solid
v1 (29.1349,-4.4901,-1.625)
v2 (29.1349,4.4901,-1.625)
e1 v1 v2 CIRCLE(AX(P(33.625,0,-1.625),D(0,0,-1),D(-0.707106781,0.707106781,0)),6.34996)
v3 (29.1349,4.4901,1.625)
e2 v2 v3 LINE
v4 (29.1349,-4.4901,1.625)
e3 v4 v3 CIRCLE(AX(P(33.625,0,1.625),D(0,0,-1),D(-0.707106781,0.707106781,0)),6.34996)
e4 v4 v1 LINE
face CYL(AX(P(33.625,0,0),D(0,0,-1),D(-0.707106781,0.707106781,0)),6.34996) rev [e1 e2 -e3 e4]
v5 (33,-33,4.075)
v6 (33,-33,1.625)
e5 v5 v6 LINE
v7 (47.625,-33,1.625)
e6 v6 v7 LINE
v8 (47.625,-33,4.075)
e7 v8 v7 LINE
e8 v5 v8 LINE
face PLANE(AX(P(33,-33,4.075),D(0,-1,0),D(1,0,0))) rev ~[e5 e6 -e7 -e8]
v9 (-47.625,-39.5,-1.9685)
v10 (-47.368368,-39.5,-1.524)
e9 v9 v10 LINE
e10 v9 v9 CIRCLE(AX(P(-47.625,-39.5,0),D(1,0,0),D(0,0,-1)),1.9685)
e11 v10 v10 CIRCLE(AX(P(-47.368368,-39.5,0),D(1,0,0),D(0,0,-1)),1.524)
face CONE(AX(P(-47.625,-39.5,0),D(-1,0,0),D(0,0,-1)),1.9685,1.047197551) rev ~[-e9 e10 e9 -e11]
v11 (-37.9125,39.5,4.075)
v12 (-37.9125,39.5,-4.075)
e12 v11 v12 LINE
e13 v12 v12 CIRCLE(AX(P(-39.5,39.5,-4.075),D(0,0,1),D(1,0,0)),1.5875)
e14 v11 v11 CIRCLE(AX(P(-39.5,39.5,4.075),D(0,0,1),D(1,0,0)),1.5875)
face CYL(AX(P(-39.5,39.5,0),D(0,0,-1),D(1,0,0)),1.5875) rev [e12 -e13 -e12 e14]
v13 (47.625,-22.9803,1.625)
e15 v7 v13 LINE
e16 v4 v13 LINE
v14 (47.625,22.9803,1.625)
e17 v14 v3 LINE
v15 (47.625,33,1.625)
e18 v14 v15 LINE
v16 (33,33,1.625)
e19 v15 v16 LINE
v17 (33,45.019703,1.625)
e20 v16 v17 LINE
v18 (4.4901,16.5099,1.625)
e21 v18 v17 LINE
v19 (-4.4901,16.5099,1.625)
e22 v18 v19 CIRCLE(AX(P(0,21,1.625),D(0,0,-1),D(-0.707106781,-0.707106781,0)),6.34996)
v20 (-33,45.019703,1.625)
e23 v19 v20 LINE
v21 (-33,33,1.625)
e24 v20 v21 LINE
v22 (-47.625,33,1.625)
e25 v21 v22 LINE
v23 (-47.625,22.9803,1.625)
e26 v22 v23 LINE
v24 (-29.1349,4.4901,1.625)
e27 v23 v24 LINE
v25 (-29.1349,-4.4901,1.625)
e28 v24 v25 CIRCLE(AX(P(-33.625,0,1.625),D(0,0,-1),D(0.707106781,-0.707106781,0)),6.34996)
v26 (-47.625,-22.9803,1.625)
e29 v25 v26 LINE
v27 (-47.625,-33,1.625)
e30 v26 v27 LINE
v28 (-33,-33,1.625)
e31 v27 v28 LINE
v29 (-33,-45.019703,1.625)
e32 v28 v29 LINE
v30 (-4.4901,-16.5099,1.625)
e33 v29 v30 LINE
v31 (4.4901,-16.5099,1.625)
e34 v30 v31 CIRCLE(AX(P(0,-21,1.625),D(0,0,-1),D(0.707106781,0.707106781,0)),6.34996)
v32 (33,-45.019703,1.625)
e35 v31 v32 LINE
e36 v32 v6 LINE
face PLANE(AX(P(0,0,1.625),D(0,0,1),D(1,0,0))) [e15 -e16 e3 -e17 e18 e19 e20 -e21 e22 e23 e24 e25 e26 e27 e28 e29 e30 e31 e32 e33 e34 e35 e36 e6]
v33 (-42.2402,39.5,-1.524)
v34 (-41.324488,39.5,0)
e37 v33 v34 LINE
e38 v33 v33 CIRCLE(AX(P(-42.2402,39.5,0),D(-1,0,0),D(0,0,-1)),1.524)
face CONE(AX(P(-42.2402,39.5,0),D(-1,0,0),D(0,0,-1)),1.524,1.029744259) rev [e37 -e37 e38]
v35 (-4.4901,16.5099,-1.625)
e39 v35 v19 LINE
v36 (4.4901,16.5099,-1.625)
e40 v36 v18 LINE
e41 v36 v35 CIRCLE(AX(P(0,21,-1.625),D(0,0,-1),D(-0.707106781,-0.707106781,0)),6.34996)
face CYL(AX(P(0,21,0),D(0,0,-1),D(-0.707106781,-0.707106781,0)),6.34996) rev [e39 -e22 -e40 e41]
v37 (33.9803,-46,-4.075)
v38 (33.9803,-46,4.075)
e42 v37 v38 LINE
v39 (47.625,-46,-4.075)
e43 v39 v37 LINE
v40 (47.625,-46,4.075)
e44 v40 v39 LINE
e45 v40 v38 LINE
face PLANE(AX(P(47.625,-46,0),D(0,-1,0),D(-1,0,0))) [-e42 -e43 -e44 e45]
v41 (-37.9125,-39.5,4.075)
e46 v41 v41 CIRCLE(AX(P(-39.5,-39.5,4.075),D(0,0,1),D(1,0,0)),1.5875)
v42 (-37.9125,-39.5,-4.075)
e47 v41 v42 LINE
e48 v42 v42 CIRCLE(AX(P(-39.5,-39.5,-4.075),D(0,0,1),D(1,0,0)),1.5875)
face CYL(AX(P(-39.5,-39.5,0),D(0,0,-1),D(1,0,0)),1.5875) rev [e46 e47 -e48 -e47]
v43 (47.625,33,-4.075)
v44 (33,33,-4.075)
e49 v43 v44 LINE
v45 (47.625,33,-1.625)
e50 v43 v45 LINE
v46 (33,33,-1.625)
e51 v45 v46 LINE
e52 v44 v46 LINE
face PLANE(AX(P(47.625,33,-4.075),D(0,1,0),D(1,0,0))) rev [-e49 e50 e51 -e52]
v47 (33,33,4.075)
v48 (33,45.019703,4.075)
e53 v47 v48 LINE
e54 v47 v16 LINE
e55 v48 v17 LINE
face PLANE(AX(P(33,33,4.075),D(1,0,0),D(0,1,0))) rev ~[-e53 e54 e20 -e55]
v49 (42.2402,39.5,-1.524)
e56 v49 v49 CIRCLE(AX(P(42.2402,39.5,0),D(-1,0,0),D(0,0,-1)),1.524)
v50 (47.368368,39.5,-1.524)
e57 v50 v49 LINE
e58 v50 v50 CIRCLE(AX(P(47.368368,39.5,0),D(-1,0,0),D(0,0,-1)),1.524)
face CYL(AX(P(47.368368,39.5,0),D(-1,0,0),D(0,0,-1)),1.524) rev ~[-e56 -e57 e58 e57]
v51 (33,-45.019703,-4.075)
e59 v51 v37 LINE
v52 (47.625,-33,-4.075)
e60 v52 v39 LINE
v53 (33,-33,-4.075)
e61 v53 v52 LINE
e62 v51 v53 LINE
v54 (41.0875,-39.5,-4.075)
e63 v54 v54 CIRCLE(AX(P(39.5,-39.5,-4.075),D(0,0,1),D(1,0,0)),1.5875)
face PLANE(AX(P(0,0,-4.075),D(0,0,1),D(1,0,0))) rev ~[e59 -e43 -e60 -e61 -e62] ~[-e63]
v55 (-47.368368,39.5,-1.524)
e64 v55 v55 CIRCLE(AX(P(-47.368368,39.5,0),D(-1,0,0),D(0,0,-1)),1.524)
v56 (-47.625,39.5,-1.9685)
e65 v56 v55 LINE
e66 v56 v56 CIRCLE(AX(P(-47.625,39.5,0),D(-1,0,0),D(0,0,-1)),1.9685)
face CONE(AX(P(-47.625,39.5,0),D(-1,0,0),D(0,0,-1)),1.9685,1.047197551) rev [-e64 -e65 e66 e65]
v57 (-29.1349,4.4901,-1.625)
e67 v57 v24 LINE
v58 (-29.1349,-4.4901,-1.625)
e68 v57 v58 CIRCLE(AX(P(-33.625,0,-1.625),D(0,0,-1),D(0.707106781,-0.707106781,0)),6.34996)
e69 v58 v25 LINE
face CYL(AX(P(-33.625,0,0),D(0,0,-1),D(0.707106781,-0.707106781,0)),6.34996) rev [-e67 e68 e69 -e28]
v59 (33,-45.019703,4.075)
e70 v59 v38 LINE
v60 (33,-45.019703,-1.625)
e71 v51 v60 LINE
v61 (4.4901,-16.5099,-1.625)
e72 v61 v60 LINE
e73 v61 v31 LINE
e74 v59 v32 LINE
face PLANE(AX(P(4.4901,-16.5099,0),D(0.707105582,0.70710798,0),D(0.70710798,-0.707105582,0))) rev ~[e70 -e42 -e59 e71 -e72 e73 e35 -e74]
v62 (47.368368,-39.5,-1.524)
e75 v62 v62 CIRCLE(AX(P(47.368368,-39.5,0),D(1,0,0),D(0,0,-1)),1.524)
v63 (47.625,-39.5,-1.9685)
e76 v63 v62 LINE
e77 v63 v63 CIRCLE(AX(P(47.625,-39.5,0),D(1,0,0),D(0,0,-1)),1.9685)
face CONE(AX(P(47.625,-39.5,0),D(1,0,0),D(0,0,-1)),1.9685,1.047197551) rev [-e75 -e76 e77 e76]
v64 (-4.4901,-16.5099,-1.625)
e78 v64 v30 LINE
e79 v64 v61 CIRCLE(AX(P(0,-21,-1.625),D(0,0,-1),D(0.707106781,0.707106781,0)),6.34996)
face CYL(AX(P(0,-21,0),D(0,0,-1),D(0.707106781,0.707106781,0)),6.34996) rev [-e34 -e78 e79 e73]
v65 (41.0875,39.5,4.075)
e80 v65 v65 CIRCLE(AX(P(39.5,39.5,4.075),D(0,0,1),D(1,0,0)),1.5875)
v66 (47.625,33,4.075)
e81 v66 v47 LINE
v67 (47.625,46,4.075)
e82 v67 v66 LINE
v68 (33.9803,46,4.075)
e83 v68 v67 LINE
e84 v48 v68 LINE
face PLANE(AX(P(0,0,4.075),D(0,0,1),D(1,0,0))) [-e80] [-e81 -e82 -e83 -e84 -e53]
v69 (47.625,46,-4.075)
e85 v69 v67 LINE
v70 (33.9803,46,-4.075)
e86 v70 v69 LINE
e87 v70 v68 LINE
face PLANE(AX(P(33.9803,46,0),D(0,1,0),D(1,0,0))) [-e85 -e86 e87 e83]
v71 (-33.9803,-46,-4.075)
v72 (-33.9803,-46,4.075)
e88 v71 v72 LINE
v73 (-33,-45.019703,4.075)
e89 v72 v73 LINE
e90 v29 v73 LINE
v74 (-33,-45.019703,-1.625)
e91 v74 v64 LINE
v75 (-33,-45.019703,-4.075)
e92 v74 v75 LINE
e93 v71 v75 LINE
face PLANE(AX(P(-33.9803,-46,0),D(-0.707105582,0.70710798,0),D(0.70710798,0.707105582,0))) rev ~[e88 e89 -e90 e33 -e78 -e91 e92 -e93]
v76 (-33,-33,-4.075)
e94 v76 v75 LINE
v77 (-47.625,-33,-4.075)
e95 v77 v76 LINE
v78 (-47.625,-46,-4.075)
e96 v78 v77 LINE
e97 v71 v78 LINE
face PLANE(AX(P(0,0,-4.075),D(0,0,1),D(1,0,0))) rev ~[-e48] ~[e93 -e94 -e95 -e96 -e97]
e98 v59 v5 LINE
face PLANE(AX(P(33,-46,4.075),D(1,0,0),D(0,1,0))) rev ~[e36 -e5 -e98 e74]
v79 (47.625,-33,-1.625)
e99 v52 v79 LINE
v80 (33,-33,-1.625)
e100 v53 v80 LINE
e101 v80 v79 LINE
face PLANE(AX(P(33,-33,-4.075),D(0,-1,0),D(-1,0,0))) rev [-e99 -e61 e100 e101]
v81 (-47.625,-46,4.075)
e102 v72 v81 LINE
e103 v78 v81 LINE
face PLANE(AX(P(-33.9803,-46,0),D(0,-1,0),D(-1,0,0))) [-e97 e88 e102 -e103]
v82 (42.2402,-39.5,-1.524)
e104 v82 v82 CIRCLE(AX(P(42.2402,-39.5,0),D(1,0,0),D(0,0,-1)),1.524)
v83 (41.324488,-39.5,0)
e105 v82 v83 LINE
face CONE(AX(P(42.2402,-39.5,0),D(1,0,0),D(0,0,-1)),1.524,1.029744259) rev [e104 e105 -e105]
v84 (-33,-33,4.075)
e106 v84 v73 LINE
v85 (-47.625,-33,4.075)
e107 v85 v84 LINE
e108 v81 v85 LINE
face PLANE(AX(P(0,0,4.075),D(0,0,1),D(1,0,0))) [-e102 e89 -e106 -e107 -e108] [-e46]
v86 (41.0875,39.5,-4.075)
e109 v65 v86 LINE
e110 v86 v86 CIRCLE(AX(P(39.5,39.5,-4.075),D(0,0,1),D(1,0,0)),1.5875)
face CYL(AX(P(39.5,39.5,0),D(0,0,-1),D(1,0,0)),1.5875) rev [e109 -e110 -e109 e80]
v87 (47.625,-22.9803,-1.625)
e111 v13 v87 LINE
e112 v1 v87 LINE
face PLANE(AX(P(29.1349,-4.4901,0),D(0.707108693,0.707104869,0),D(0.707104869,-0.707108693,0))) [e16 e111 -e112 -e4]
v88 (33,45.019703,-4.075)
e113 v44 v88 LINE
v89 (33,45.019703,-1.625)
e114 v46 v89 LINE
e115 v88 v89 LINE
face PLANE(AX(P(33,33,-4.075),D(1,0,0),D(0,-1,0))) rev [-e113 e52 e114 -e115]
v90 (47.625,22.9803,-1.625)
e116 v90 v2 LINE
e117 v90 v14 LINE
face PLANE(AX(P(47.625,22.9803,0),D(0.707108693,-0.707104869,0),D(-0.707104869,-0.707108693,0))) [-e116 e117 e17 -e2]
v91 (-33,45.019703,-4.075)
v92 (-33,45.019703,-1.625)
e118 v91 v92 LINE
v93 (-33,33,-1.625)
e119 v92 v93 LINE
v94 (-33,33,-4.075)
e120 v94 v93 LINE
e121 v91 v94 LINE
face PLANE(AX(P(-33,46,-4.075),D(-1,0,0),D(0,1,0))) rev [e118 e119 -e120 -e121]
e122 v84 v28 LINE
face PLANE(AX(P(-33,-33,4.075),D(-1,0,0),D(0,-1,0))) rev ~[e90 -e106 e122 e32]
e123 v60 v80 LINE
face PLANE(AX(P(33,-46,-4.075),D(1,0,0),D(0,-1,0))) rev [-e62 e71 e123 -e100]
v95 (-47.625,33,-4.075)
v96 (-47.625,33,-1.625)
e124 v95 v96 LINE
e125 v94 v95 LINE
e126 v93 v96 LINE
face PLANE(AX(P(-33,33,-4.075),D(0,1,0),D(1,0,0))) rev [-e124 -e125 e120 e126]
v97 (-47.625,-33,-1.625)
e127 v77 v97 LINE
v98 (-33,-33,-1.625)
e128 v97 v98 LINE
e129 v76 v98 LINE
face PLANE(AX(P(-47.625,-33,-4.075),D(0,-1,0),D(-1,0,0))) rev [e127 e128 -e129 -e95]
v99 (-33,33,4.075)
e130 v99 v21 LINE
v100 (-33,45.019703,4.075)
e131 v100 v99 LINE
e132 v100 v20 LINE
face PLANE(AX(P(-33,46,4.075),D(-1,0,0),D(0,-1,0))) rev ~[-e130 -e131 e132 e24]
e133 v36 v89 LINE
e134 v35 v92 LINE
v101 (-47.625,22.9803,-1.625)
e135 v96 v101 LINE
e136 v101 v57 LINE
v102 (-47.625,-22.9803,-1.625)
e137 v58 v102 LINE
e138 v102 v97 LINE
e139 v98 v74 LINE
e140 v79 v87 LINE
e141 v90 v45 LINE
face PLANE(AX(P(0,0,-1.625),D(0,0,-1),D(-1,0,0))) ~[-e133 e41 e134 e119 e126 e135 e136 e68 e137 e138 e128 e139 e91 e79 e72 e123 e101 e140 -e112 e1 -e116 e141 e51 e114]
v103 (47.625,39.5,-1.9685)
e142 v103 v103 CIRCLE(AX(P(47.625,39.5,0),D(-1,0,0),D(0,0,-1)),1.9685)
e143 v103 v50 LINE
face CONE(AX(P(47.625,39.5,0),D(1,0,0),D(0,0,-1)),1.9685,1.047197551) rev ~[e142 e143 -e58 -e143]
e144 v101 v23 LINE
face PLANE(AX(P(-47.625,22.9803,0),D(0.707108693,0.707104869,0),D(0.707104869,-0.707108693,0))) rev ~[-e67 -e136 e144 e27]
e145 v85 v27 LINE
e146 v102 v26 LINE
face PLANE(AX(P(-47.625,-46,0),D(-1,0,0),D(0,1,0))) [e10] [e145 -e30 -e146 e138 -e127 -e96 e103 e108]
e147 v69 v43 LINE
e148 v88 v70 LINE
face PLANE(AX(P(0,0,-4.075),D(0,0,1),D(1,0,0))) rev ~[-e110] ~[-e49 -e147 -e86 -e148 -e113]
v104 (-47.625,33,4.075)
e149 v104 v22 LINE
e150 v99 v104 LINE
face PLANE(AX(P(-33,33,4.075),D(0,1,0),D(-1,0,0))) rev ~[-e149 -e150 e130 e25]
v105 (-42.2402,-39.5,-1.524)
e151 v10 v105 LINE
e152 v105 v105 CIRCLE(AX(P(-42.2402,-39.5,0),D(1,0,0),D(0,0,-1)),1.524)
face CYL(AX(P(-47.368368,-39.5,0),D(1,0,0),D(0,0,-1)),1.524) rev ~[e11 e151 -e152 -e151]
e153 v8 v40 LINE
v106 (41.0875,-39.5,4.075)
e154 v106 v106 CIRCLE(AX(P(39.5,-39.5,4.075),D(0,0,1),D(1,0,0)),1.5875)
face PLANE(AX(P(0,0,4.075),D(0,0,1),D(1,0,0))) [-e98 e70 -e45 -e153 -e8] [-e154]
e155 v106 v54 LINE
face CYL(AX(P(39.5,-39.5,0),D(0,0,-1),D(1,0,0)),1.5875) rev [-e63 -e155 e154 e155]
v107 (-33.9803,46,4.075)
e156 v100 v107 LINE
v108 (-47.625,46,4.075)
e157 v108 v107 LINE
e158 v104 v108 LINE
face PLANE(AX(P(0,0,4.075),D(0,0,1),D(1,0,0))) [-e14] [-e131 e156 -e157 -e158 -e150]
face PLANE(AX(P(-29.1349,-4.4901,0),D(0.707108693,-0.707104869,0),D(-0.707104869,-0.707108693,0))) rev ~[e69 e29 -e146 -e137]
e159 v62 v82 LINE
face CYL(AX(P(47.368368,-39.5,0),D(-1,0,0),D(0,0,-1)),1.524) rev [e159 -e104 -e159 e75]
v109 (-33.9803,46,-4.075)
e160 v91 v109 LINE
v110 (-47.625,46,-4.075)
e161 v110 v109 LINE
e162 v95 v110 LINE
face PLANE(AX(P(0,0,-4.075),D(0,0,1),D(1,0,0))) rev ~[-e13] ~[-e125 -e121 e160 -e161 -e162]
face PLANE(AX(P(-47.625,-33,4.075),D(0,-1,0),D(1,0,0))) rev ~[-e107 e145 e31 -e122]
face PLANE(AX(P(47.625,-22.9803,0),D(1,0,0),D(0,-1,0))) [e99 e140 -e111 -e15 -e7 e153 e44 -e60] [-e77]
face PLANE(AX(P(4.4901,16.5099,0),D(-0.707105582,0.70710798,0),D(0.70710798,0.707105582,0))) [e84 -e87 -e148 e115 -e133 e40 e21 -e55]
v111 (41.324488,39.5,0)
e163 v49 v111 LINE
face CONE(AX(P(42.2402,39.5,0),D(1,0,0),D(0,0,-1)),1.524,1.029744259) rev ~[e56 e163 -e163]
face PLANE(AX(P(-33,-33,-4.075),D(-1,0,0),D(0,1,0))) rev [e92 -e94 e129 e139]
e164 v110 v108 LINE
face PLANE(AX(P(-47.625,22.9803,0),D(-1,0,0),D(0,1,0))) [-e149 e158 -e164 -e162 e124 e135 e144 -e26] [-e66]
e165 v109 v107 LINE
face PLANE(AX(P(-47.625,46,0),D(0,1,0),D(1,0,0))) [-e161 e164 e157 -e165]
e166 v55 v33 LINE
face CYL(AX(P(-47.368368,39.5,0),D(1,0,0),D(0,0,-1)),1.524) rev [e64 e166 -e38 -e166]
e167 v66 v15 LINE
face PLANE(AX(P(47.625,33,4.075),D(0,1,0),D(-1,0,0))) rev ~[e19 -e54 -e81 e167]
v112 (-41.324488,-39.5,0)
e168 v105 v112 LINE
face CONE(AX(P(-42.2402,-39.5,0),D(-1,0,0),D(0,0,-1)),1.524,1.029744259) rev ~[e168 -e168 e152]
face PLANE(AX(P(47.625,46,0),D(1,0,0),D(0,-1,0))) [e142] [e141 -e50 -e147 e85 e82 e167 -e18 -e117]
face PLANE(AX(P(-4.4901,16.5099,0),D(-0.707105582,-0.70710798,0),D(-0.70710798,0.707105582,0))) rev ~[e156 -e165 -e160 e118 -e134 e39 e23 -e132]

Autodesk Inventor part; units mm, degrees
ref_plane "YZ Plane" through (0, 0, 0) normal (1, 0, 0) x (0, 1, 0)
ref_plane "XZ Plane" through (0, 0, 0) normal (0, 1, 0) x (-1, 0, 0)
ref_plane "XY Plane" through (0, 0, 0) normal (0, 0, 1) x (1, 0, 0)
sketch "Sketch1" plane through (0, 0, 0) normal (0, 0, 1) x (1, 0, 0)
  circle A0 centre (-39.5, 39.5) radius 1.5875
  circle A1 centre (39.5, 39.5) radius 1.5875
  circle A2 centre (39.5, -39.5) radius 1.5875
  circle A3 centre (-39.5, -39.5) radius 1.5875
  line L0 (0, 0) -> (0, 46)
  line L1 (0, 0) -> (49.2895, 0)
  line L2 (-4.4901, 16.5099) -> (-33.9803, 46)
  line L3 (4.4901, 16.5099) -> (33.9803, 46)
  line L4 (-33.9803, -46) -> (-4.4901, -16.5099)
  line L5 (4.4901, -16.5099) -> (33.9803, -46)
  line L6 (-47.625, 46) -> (-33.9803, 46)
  line L7 (33.9803, 46) -> (47.625, 46)
  line L8 (47.625, -46) -> (33.9803, -46)
  line L9 (-33.9803, -46) -> (-47.625, -46)
  arc A4 (-4.4901, 16.5099) -> (4.4901, 16.5099) centre (0, 21) ccw
  arc A5 (4.4901, -16.5099) -> (-4.4901, -16.5099) centre (0, -21) ccw
  line L10 (-47.625, 22.9803) -> (-29.1349, 4.4901)
  line L11 (-29.1349, -4.4901) -> (-47.625, -22.9803)
  line L12 (47.625, 22.9803) -> (29.1349, 4.4901)
  line L13 (29.1349, -4.4901) -> (47.625, -22.9803)
  arc A6 (-29.1349, -4.4901) -> (-29.1349, 4.4901) centre (-33.625, 0) ccw
  arc A7 (29.1349, 4.4901) -> (29.1349, -4.4901) centre (33.625, 0) ccw
  line L14 (47.625, 46) -> (47.625, 22.9803)
  line L15 (47.625, -22.9803) -> (47.625, -46)
  line L16 (-47.625, -46) -> (-47.625, -22.9803)
  line L17 (-47.625, 22.9803) -> (-47.625, 46)
  point P0 (0, 12.0197)
  point P1 (0, -12.0197)
  point P2 (-24.6447, 0)
  point P3 (24.6447, 0)
  dimension "d0" = 79
  dimension "d1" = 79
  dimension "d2" = 3.175
  dimension "d5" = 6.35
  dimension "d6" = 25
  dimension "d7" = 25
  dimension "d8" = 92
  dimension "d9" = 6.35
  dimension "d10" = 95.25
  dimension "d11" = 14
extrude "Extrusion1" add sketch "Sketch1" along normal mid plane 8.15
sketch "Sketch2" plane through (0, 0, 4.075) normal (0, 0, 1) x (1, 0, 0)
  circle A0 centre (-39.5, -39.5) radius 1.5875 projected
  circle A1 centre (39.5, 39.5) radius 1.5875 projected
  circle A2 centre (-39.5, 39.5) radius 1.5875 projected
  line L0 (-33.9803, 46) -> (-47.625, 46) projected
  line L1 (-47.625, 46) -> (-47.625, 22.9803) projected
  line L2 (-47.625, -46) -> (-33.9803, -46) projected
  line L3 (47.625, 46) -> (33.9803, 46) projected
  line L4 (-33, 46) -> (-33, 33)
  line L5 (-33, 33) -> (-47.625, 33)
  line L6 (-47.625, 33) -> (-47.625, -33)
  line L7 (-47.625, -33) -> (-33, -33)
  line L8 (-33, -33) -> (-33, -46)
  line L9 (-33, -46) -> (33, -46)
  line L10 (33, -46) -> (33, -33)
  line L11 (33, -33) -> (47.625, -33)
  line L12 (47.625, -33) -> (47.625, 33)
  line L13 (47.625, 33) -> (33, 33)
  line L14 (33, 33) -> (33, 46)
  line L15 (33, 46) -> (-33, 46)
  point P0 (0, 0)
  dimension "d14" = 6.5
  dimension "d15" = 6.5
  dimension "d16" = 6.5
  dimension "d17" = 6.5
extrude "Extrusion2" cut sketch "Sketch2" against normal blind 2.45 contours L5 L4 L15 L14 L13 L12 L11 L10 L9 L8 L7 L6 L1
mirror "Mirror1" about plane through (0, 0, 0) normal (0, 0, 1) of "Extrusion2"
hole "Hole1" at (47.625, 39.5, 0) direction (-1, 0, 0) diameter 3.048 depth 5.3848 tip angle 118 countersink diameter 3.937 countersink angle 120
mirror "Mirror2" about plane through (0, 0, 0) normal (0, 1, 0) of "Hole1"
mirror "Mirror3" about plane through (0, 0, 0) normal (1, 0, 0) of "Hole1", "Mirror2"
ref_plane "Work Plane3" through (-27.275, 0, 1.625) normal (0, -1, 0) x (1, 0, 0)
ref_plane "Work Plane4" through (0, -14.65, 1.625) normal (1, 0, 0) x (0, 0, -1)
properties part number "RT-IHU_heatsink"
